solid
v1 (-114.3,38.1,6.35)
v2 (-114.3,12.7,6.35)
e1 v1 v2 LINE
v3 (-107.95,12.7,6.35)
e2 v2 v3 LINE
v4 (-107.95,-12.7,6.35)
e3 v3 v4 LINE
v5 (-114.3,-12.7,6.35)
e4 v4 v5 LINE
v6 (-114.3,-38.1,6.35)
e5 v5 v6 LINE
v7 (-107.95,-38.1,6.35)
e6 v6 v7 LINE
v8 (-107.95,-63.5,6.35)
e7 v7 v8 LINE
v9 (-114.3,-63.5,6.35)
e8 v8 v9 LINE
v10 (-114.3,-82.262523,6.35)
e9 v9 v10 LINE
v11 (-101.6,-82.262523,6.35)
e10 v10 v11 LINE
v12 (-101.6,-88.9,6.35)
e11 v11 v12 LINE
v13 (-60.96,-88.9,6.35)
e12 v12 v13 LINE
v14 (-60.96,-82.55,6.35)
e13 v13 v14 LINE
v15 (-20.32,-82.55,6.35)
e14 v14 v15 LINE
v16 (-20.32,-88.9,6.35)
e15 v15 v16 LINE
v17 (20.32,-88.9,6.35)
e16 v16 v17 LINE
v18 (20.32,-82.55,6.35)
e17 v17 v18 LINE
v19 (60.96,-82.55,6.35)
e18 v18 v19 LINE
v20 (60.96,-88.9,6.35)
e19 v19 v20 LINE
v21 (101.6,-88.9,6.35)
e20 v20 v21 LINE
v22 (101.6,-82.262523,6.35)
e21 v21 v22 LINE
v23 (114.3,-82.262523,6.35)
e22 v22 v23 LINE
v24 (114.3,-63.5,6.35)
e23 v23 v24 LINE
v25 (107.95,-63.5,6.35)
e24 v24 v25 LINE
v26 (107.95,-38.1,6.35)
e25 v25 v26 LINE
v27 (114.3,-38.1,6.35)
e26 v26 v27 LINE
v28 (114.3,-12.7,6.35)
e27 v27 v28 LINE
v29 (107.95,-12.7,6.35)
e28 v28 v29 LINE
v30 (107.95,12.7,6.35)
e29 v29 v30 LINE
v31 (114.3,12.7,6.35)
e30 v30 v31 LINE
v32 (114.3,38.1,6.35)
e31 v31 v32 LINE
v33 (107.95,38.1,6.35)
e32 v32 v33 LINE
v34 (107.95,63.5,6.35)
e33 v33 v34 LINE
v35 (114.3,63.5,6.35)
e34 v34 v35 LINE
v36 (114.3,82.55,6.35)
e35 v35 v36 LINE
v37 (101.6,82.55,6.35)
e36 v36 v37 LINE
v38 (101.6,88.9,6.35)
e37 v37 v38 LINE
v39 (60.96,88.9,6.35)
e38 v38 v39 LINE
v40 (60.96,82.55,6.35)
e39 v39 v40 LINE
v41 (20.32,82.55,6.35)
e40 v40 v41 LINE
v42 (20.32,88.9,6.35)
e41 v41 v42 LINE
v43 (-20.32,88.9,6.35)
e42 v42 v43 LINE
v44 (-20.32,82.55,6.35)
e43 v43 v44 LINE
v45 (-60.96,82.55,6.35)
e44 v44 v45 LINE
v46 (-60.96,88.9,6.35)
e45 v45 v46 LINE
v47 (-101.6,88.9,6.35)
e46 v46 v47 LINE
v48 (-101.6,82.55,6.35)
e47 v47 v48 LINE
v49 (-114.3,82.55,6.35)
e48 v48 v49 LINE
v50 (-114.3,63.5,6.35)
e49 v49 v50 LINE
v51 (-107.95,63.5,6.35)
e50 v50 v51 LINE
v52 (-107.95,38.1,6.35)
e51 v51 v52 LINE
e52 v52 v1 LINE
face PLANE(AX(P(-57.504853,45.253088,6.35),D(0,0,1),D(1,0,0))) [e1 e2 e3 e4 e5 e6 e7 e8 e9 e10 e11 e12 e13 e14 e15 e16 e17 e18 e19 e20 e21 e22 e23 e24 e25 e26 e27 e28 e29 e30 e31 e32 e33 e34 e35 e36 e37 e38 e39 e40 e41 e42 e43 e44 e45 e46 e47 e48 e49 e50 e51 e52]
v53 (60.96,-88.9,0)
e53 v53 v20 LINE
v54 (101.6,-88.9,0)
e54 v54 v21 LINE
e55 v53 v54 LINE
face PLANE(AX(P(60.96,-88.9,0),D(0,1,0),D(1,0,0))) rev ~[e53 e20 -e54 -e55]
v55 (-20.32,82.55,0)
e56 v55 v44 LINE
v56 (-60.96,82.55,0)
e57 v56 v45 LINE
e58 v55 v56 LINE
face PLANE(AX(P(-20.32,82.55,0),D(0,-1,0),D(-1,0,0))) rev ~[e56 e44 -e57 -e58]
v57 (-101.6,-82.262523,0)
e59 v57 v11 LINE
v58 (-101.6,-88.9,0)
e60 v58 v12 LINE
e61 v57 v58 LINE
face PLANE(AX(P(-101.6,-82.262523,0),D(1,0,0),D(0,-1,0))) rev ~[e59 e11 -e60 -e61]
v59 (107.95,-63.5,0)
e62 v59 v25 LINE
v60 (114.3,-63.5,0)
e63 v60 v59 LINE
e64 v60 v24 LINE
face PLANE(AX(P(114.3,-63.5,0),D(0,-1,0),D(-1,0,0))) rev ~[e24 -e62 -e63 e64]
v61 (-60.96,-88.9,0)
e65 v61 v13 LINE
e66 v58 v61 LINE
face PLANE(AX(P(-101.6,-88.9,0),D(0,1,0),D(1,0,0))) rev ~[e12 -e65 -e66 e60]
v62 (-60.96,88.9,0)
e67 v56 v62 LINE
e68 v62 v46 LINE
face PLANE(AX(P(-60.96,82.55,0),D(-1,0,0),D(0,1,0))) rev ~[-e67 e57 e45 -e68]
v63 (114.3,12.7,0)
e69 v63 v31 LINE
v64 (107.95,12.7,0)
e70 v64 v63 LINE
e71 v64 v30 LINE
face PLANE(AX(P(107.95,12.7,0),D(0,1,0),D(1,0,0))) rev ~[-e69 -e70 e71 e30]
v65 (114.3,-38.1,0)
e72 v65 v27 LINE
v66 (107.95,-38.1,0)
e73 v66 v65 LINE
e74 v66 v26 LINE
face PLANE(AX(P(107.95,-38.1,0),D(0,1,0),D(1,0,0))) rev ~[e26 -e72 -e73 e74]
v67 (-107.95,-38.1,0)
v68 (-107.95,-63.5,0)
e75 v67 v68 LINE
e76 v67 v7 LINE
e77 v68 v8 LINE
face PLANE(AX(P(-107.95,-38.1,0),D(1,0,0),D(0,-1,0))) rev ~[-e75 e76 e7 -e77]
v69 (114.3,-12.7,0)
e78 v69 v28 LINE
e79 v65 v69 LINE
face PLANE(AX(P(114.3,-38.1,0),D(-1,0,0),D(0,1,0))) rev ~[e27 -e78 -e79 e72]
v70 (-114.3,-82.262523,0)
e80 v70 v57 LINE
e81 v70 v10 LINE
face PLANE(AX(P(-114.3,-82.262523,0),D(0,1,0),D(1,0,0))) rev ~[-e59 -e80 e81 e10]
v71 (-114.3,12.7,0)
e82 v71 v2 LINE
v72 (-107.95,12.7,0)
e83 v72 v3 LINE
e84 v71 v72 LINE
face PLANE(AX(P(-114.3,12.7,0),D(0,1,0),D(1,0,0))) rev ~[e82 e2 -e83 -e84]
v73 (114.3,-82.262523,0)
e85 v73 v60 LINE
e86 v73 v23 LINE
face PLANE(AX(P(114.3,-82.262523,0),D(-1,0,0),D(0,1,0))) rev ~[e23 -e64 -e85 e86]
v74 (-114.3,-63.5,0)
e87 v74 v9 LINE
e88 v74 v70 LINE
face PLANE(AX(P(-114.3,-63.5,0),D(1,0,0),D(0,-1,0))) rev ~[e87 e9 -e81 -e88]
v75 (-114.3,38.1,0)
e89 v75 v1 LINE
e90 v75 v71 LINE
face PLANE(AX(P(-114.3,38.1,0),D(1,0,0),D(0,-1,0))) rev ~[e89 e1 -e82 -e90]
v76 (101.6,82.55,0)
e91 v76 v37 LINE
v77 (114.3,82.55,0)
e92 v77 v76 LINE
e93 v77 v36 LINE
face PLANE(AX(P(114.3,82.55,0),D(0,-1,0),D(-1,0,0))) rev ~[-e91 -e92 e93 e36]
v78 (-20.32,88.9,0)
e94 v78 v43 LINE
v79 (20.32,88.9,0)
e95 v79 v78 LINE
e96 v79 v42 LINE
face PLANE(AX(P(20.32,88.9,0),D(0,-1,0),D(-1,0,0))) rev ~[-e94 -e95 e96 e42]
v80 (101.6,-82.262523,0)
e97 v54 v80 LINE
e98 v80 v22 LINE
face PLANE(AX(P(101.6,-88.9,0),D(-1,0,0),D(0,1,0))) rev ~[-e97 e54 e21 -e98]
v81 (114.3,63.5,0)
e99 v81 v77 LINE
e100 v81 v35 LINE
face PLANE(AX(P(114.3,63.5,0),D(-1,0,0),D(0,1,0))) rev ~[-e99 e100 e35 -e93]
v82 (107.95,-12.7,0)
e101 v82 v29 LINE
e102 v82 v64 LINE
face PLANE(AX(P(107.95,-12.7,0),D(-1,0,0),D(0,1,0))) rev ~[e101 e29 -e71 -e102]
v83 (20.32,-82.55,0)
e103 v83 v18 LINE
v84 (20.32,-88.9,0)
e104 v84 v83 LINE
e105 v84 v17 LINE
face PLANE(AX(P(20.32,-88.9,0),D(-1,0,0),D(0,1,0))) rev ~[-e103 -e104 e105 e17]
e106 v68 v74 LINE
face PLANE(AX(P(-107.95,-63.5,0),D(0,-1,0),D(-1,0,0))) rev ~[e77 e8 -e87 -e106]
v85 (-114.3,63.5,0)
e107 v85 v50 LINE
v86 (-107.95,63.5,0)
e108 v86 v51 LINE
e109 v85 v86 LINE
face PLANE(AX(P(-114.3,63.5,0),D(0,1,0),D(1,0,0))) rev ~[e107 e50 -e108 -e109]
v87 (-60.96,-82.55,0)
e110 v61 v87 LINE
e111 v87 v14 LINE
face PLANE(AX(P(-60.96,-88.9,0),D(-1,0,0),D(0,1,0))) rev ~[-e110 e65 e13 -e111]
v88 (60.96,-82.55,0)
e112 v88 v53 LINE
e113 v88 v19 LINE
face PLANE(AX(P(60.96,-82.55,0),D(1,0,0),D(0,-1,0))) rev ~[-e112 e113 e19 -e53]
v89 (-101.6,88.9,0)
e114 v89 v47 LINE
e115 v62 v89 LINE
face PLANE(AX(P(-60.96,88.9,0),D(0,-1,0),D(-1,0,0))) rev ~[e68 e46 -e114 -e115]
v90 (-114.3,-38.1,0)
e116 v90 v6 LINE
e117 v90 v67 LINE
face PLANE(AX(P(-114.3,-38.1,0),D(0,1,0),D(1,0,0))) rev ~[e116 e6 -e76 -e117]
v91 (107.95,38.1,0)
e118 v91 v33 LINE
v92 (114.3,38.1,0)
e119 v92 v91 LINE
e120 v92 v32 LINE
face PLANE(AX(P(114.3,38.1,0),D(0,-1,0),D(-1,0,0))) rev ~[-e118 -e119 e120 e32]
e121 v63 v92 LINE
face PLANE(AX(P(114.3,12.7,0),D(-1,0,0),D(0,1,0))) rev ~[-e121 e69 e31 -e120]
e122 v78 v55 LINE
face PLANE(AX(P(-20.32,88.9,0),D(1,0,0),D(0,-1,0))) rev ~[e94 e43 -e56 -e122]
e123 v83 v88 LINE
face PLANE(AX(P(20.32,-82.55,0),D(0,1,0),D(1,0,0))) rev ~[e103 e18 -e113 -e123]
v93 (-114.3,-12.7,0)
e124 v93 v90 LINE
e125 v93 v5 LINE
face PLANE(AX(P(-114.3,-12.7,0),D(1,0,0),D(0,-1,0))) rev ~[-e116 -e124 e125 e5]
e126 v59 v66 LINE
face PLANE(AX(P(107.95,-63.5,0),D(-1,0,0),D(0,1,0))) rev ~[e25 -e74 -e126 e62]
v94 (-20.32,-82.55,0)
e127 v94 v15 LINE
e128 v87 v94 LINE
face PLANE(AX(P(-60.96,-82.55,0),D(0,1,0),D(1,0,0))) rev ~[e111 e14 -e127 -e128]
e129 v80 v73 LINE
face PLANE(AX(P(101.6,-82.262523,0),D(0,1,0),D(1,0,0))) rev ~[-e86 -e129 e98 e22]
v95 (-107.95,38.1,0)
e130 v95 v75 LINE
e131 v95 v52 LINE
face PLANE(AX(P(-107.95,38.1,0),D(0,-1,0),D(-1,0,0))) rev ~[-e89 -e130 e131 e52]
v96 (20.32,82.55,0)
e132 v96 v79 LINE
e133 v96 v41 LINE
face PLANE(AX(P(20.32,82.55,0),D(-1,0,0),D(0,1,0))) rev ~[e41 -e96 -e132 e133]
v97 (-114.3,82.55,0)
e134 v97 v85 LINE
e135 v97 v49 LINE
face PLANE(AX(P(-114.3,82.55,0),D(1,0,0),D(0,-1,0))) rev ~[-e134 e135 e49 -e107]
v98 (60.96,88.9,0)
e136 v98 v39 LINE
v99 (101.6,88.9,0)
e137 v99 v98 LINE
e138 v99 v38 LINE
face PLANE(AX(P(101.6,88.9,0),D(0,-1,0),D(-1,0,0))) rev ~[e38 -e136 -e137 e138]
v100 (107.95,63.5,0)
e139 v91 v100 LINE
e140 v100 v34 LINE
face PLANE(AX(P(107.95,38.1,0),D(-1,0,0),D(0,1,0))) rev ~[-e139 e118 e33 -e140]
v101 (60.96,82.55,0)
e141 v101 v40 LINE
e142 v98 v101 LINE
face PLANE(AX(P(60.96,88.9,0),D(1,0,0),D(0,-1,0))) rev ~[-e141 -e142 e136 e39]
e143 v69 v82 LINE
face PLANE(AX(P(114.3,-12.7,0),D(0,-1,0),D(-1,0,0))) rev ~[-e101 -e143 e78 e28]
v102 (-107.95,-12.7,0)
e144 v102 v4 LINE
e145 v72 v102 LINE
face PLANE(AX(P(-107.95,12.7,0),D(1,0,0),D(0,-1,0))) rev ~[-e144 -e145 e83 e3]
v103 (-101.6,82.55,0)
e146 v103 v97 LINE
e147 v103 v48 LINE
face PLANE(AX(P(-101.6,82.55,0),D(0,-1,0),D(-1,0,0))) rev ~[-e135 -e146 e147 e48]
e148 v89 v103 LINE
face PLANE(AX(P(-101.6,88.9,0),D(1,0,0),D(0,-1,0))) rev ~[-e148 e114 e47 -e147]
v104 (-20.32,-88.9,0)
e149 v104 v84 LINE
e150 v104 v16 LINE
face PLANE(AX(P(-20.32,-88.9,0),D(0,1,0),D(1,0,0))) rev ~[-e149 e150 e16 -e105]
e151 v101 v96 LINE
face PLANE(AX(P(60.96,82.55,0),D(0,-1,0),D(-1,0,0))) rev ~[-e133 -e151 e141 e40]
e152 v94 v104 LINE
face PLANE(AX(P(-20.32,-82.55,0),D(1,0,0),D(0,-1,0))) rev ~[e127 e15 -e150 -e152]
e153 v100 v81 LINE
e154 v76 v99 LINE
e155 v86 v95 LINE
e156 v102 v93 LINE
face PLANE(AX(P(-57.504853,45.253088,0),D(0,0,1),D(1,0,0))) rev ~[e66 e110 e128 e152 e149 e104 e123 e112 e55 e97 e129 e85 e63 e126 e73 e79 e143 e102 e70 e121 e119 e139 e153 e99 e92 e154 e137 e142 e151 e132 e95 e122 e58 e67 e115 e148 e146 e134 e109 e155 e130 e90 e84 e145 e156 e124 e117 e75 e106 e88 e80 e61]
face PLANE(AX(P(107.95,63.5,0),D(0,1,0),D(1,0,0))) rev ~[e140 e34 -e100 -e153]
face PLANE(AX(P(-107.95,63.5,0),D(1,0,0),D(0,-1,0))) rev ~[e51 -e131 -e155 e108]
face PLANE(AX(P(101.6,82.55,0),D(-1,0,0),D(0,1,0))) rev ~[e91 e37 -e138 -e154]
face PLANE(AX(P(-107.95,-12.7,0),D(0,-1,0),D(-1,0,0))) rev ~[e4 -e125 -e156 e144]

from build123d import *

# Parameters (mm, degrees)
F1_DEPTH = 6.35


with BuildPart() as f1:
    # F0 (on Top) → F1 (new body)
    with BuildSketch(Plane.XY):
        Polygon((0, 0), (0, 88.9), (-20.32, 88.9), (-20.32, 82.55), (-60.96, 82.55), (-60.96, 88.9), (-101.6, 88.9), (-101.6, 82.55), (-114.3, 82.55), (-114.3, 63.5), (-107.95, 63.5), (-107.95, 38.1), (-114.3, 38.1), (-114.3, 12.7), (-107.95, 12.7), (-107.95, 0), align=None)
        Polygon((101.6, 82.55), (101.6, 88.9), (60.96, 88.9), (60.96, 82.55), (20.32, 82.55), (20.32, 88.9), (0, 88.9), (0, 0), (107.95, 0), (107.95, 12.7), (114.3, 12.7), (114.3, 38.1), (107.95, 38.1), (107.95, 63.5), (114.3, 63.5), (114.3, 82.55), align=None)
        Polygon((107.95, 0), (0, 0), (0, -88.9), (20.32, -88.9), (20.32, -82.55), (60.96, -82.55), (60.96, -88.9), (101.6, -88.9), (101.6, -82.55), (101.6, -82.2625234723), (114.3, -82.2625234723), (114.3, -63.5), (107.95, -63.5), (107.95, -38.1), (114.3, -38.1), (114.3, -12.7), (107.95, -12.7), align=None)
        Polygon((0, -88.9), (0, 0), (-107.95, 0), (-107.95, -12.7), (-114.3, -12.7), (-114.3, -38.1), (-107.95, -38.1), (-107.95, -63.5), (-114.3, -63.5), (-114.3, -82.2625234723), (-101.6, -82.2625234723), (-101.6, -88.9), (-60.96, -88.9), (-60.96, -82.55), (-20.32, -82.55), (-20.32, -88.9), align=None)
    extrude(amount=F1_DEPTH)


solid = f1.part
